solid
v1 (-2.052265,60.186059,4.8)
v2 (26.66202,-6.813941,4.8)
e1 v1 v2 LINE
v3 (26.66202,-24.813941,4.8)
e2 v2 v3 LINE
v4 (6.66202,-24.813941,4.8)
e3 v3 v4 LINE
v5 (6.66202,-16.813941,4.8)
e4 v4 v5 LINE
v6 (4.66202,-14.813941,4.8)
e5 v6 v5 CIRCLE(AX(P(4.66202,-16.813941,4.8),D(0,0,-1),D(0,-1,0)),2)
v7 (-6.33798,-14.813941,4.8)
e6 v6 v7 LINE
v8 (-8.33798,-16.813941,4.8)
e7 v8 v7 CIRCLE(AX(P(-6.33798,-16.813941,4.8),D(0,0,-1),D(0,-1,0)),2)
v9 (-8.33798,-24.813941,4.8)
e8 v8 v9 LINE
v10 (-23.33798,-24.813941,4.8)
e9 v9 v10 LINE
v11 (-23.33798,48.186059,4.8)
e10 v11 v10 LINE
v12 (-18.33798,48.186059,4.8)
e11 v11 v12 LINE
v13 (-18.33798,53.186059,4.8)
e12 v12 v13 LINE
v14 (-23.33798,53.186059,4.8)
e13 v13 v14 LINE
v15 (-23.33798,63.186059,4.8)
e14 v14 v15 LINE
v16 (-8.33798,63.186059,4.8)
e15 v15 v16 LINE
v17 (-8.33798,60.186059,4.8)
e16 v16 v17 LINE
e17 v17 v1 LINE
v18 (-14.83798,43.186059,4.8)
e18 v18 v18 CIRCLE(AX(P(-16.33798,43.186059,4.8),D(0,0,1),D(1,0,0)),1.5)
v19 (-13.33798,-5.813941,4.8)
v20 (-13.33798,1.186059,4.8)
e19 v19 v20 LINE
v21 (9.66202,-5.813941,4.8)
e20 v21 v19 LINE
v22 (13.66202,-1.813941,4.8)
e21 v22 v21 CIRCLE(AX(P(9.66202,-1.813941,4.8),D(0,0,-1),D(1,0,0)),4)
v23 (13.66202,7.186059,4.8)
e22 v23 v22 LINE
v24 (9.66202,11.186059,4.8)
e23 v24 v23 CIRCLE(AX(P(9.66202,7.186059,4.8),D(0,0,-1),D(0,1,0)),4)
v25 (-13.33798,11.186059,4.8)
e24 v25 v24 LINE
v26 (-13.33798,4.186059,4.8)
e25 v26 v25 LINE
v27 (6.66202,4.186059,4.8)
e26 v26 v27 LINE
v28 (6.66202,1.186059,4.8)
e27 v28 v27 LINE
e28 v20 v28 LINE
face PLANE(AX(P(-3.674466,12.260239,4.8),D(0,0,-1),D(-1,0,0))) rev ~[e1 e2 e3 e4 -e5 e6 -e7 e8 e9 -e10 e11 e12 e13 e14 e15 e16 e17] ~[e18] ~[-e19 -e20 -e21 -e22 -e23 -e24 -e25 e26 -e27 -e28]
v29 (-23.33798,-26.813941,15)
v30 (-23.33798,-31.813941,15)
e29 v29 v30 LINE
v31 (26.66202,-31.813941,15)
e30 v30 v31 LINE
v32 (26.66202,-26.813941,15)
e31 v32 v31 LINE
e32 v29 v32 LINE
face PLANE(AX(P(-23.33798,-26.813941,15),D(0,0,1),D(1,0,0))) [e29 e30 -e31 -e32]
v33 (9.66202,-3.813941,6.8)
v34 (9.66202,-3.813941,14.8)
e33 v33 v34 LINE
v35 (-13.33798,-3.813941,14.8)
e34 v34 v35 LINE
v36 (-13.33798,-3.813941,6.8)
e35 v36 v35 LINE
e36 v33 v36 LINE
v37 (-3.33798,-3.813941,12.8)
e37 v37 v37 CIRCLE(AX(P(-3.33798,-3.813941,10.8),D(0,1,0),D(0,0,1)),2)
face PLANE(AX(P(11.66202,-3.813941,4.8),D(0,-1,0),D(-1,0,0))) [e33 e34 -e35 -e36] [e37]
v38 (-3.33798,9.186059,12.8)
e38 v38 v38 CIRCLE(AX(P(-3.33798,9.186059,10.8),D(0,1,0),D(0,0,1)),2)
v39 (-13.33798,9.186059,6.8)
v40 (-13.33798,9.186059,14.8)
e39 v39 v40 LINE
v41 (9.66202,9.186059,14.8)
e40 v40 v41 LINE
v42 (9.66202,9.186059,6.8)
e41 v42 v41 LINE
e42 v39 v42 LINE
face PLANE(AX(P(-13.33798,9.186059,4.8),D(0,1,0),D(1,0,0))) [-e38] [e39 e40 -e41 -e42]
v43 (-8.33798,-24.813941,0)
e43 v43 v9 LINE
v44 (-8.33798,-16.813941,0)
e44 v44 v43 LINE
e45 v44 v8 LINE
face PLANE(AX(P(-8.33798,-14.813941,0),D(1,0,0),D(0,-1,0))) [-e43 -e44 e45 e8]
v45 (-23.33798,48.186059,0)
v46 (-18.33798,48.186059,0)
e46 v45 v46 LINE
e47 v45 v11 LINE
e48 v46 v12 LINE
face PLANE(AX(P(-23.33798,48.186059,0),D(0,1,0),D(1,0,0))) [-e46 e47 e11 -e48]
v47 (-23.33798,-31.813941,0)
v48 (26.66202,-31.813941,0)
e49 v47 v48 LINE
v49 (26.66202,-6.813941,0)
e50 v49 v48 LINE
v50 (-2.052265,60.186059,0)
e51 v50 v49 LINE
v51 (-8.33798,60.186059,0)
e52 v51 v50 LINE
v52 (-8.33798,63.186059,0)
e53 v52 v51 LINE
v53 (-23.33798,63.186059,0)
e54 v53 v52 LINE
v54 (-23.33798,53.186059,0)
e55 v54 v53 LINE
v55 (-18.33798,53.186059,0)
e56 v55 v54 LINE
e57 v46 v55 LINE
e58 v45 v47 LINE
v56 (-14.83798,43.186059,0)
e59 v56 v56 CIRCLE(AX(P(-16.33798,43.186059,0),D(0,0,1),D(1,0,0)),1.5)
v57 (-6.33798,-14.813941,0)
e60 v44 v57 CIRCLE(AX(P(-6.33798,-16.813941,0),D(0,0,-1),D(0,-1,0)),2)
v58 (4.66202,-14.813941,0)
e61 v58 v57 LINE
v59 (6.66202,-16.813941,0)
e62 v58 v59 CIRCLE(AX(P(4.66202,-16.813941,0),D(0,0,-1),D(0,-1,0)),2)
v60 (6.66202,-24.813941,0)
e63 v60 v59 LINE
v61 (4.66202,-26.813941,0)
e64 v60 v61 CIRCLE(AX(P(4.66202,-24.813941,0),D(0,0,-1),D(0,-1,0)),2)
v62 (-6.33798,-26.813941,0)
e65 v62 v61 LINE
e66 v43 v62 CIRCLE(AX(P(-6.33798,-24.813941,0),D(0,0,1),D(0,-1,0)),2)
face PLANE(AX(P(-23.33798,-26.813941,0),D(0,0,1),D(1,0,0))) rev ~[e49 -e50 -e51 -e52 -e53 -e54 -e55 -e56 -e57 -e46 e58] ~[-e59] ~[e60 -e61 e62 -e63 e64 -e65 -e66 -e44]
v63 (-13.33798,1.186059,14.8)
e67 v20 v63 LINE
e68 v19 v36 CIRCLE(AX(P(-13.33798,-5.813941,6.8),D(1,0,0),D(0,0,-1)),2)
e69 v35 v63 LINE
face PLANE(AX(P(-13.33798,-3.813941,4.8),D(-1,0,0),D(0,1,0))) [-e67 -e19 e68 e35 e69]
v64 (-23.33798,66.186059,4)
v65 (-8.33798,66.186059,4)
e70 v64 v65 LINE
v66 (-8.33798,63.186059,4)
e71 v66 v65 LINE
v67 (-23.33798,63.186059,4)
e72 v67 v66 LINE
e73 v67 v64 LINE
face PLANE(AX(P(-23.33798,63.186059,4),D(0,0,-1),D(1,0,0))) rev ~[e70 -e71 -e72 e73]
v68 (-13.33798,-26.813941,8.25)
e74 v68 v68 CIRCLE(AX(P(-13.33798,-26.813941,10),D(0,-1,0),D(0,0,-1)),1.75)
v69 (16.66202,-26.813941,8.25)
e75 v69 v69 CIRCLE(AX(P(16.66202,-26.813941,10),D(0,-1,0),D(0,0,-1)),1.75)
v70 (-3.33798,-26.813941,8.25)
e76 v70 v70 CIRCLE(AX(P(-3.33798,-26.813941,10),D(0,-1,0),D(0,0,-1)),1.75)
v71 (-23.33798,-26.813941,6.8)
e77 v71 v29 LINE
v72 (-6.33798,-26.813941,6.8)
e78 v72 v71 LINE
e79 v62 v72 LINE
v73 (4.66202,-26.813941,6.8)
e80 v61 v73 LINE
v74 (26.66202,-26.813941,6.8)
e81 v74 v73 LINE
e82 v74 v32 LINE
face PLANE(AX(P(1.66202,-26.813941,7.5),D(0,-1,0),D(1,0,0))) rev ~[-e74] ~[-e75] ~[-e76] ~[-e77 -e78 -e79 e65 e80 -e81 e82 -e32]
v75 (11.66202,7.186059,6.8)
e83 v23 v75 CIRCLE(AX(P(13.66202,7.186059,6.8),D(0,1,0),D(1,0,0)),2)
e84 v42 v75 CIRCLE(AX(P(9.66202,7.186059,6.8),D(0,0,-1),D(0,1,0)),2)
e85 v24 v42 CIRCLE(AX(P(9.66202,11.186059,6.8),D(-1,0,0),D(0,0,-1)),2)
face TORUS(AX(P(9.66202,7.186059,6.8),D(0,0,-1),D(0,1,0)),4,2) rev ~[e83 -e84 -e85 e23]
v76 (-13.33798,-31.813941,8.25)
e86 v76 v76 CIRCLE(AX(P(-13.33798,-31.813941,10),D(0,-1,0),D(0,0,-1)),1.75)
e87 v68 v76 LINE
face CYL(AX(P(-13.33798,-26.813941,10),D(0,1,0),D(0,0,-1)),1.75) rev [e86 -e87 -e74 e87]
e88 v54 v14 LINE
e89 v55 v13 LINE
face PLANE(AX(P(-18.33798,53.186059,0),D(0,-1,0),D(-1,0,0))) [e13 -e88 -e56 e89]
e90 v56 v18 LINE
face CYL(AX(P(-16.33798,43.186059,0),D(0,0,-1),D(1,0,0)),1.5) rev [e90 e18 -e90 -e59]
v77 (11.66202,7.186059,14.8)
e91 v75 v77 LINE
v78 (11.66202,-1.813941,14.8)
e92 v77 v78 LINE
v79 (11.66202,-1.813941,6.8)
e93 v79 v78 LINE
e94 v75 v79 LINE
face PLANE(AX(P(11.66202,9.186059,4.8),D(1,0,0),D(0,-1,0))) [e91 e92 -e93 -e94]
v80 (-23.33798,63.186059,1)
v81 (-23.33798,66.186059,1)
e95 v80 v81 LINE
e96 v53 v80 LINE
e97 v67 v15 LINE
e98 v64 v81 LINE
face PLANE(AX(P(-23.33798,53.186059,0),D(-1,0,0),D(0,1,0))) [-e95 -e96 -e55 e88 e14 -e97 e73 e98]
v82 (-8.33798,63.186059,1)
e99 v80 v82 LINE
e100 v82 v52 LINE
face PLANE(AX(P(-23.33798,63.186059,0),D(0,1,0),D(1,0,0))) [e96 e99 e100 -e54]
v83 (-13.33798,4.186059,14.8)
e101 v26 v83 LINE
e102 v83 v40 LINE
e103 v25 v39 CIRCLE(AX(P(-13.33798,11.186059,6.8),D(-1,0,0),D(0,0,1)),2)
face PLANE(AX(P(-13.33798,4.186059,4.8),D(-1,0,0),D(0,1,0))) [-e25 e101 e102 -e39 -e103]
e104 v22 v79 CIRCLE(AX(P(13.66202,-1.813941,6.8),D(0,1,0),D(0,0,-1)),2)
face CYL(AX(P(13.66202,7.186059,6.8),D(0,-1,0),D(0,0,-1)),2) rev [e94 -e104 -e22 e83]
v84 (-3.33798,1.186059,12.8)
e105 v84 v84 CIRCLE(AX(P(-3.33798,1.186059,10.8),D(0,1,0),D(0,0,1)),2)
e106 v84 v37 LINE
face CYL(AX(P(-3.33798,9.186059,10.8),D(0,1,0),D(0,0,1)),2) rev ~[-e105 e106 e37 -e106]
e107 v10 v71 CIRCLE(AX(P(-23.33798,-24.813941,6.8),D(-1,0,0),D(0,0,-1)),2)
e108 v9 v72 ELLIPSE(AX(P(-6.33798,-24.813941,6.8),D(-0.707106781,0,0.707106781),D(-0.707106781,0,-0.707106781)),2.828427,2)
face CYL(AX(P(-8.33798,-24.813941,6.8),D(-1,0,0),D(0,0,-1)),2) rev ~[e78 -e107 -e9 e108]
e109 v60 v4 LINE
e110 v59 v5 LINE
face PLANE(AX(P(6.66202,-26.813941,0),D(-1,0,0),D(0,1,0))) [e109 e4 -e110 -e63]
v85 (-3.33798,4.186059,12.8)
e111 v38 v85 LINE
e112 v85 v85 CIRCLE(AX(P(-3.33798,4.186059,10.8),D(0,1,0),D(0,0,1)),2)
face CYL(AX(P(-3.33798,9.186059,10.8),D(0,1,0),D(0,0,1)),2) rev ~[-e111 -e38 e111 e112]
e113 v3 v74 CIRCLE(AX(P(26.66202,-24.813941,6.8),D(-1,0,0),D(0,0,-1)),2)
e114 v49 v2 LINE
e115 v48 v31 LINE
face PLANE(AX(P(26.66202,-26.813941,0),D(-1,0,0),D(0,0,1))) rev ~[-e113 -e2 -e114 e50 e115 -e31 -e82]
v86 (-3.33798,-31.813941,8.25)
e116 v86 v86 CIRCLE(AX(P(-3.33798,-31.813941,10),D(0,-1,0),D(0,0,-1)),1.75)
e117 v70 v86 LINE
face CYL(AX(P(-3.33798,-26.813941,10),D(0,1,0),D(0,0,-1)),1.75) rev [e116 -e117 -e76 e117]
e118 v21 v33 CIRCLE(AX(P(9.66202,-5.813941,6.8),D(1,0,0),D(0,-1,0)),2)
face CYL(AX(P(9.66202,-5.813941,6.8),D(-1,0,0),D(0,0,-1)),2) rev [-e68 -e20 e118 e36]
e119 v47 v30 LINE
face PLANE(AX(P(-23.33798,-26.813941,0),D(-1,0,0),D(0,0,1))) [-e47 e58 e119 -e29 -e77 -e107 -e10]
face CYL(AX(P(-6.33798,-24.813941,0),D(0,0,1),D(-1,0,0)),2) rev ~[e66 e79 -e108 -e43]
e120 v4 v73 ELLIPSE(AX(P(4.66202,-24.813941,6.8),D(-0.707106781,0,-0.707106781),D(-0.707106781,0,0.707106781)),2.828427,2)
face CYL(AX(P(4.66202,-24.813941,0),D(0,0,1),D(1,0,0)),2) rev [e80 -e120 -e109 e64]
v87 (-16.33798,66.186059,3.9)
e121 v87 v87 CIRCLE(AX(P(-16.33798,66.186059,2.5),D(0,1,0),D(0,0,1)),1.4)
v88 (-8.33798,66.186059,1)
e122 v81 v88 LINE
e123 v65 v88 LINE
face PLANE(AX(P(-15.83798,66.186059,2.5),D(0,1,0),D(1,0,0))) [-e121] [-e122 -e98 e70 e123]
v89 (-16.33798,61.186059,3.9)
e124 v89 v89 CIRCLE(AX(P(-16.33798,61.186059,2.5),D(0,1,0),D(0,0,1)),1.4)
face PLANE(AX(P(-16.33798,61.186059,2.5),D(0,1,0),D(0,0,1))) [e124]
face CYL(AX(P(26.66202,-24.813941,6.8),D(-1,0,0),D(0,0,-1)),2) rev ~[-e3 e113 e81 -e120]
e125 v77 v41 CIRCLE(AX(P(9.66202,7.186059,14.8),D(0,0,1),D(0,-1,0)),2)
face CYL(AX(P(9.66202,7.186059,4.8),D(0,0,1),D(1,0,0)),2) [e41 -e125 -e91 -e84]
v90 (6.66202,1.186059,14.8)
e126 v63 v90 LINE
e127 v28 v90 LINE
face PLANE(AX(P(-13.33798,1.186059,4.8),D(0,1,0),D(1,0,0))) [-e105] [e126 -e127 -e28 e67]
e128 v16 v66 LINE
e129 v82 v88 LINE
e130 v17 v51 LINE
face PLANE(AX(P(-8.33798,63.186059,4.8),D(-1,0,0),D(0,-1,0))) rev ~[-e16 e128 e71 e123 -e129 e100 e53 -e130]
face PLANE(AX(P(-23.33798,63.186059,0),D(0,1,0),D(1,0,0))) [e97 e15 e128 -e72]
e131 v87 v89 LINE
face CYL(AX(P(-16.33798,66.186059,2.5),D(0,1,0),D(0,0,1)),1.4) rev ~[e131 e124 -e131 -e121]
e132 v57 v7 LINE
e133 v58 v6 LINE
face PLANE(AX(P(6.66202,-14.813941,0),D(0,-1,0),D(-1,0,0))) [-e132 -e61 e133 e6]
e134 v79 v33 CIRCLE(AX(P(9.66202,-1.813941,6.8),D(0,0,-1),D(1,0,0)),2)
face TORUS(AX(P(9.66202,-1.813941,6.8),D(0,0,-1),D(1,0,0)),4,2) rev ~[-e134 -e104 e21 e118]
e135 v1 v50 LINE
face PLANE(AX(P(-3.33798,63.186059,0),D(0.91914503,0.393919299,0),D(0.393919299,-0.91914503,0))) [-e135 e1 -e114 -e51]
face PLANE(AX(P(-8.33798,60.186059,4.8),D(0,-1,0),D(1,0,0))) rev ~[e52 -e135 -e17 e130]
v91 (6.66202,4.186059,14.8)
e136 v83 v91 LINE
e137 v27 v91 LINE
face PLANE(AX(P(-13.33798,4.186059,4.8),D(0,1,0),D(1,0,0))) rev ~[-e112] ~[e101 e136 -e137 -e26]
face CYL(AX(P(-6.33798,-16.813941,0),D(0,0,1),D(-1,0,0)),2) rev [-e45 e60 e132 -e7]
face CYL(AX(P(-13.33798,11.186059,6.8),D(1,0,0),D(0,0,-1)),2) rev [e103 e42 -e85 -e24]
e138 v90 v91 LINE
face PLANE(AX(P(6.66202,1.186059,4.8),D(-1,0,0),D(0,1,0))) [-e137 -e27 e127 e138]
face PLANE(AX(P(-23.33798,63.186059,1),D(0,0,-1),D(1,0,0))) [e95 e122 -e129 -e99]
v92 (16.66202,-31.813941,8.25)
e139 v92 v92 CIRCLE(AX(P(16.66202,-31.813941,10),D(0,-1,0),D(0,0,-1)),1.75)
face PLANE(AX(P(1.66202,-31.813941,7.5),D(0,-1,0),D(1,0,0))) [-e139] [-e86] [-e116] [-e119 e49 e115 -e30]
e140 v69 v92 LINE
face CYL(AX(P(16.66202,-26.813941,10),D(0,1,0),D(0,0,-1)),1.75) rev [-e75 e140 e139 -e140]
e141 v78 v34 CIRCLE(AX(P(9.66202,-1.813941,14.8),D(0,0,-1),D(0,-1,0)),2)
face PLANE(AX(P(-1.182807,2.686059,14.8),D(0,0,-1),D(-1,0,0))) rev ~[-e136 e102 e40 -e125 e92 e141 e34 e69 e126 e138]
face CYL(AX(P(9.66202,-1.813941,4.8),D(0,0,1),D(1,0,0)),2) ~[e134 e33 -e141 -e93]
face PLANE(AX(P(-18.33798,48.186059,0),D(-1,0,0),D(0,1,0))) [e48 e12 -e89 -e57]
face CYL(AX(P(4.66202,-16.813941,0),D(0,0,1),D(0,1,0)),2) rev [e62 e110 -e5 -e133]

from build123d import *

# Parameters (mm, degrees)
SKETCH_1_R          = 1.5
EXTRUDE_1_DEPTH     = 4.8
SKETCH_2_W          = 50
SKETCH_2_H          = 15
SKETCH_2_R          = 1.75
EXTRUDE_2_DEPTH     = 5
EXTRUDE_3_DEPTH     = 10
SKETCH_5_R          = 2
CUT_EXTRUDE_1_DEPTH = 20
FILLET_1_R          = 2
FILLET_2_R          = 2
FILLET_3_R          = 2
SKETCH_6_W          = 15
SKETCH_6_H          = 3
EXTRUDE_5_DEPTH     = 3
SKETCH_7_R          = 1.4
CUT_EXTRUDE_2_DEPTH = 5
CUT_EXTRUDE_3_DEPTH = 73.079801494


with BuildPart() as part:
    # 草图1 → 凸台-拉伸1 (new body)
    with BuildSketch(Plane.XY):
        Polygon((-23.337979748, 53.186059405), (-23.337979748, 63.186059405), (-3.337979748, 63.186059405), (26.662020252, -6.813940595), (26.662020252, -26.813940595), (6.662020252, -26.813940595), (6.662020252, -14.813940595), (-8.337979748, -14.813940595), (-8.337979748, -26.813940595), (-23.337979748, -26.813940595), (-23.337979748, -6.813940595), (-23.337979748, 48.186059405), (-18.337979748, 48.186059405), (-18.337979748, 53.186059405), align=None)
        with Locations((-16.337979748, 43.186059405)):
            Circle(SKETCH_1_R, mode=Mode.SUBTRACT)
    extrude(amount=EXTRUDE_1_DEPTH)

    # 草图2 → 凸台-拉伸2 (add)
    with BuildSketch(Plane.XZ.offset(26.813940595)):
        with Locations((1.662020252, 7.5)):
            Rectangle(SKETCH_2_W, SKETCH_2_H)
        with Locations(Location((-13.337979748, 10, 0), (0, 0, 270))):
            Circle(SKETCH_2_R, mode=Mode.SUBTRACT)
        with Locations(Location((16.662020252, 10, 0), (0, 0, 270))):
            Circle(SKETCH_2_R, mode=Mode.SUBTRACT)
        with Locations(Location((-3.337979748, 10, 0), (0, 0, 270))):
            Circle(SKETCH_2_R, mode=Mode.SUBTRACT)
    extrude(amount=EXTRUDE_2_DEPTH)

    # 草图4 → 凸台-拉伸3 (add)
    with BuildSketch(Plane.XY.offset(4.8)):
        Polygon((11.662020252, 9.186059405), (11.662020252, -3.813940595), (-13.337979748, -3.813940595), (-13.337979748, 1.186059405), (6.662020252, 1.186059405), (6.662020252, 4.186059405), (-3.337979748, 4.186059405), (-13.337979748, 4.186059405), (-13.337979748, 9.186059405), align=None)
    extrude(amount=EXTRUDE_3_DEPTH)

    # 草图5 → 切除-拉伸1 (cut)
    with BuildSketch(Plane(origin=(0, 9.186059405, 0), x_dir=(1, 0, 0), z_dir=(0, 1, 0))):
        with Locations(Location((-3.337979748, -10.8, 0), (0, 0, 270))):
            Circle(SKETCH_5_R)
    extrude(amount=-CUT_EXTRUDE_1_DEPTH, mode=Mode.SUBTRACT)

    # 圆角1
    fillet_1_edges = [part.edges().sort_by_distance(p)[0] for p in [
        (11.662020252, -3.813940595, 9.8),
        (11.662020252, 9.186059405, 9.8),
    ]]
    fillet(fillet_1_edges, radius=FILLET_1_R)

    # 圆角2
    fillet_2_edges = [part.edges().sort_by_distance(p)[0] for p in [
        (-1.837979748, 9.186059405, 4.8),
        (11.076233814, -3.228154158, 4.8),
        (11.076233814, 8.600272967, 4.8),
        (-1.837979748, -3.813940595, 4.8),
        (11.662020252, 2.686059405, 4.8),
    ]]
    fillet(fillet_2_edges, radius=FILLET_2_R)

    # 圆角3
    fillet_3_edges = [part.edges().sort_by_distance(p)[0] for p in [
        (-15.837979748, -26.813940595, 4.8),
        (6.662020252, -26.813940595, 2.4),
        (6.662020252, -14.813940595, 2.4),
        (-8.337979748, -14.813940595, 2.4),
        (-8.337979748, -26.813940595, 2.4),
        (16.662020252, -26.813940595, 4.8),
    ]]
    fillet(fillet_3_edges, radius=FILLET_3_R)

    # 草图6 → 凸台-拉伸5 (add)
    with BuildSketch(Plane(origin=(0, 63.186059405, 0), x_dir=(1, 0, 0), z_dir=(0, 1, 0))):
        with Locations((-15.837979748, -2.5)):
            Rectangle(SKETCH_6_W, SKETCH_6_H)
    extrude(amount=EXTRUDE_5_DEPTH)

    # 草图7 → 切除-拉伸2 (cut)
    with BuildSketch(Plane(origin=(0, 66.186059405, 0), x_dir=(1, 0, 0), z_dir=(0, 1, 0))):
        with Locations(Location((-16.337979748, -2.5, 0), (0, 0, 270))):
            Circle(SKETCH_7_R)
    extrude(amount=-CUT_EXTRUDE_2_DEPTH, mode=Mode.SUBTRACT)

    # 草图8 → 切除-拉伸3 (cut, through all)
    with BuildSketch(Plane.XY.offset(4.8)):
        Polygon((-8.337979748, 63.186059405), (-8.337979748, 60.186059405), (-2.052265462, 60.186059405), (-3.337979748, 63.186059405), align=None)
    extrude(amount=-CUT_EXTRUDE_3_DEPTH, mode=Mode.SUBTRACT)


solid = part.part
